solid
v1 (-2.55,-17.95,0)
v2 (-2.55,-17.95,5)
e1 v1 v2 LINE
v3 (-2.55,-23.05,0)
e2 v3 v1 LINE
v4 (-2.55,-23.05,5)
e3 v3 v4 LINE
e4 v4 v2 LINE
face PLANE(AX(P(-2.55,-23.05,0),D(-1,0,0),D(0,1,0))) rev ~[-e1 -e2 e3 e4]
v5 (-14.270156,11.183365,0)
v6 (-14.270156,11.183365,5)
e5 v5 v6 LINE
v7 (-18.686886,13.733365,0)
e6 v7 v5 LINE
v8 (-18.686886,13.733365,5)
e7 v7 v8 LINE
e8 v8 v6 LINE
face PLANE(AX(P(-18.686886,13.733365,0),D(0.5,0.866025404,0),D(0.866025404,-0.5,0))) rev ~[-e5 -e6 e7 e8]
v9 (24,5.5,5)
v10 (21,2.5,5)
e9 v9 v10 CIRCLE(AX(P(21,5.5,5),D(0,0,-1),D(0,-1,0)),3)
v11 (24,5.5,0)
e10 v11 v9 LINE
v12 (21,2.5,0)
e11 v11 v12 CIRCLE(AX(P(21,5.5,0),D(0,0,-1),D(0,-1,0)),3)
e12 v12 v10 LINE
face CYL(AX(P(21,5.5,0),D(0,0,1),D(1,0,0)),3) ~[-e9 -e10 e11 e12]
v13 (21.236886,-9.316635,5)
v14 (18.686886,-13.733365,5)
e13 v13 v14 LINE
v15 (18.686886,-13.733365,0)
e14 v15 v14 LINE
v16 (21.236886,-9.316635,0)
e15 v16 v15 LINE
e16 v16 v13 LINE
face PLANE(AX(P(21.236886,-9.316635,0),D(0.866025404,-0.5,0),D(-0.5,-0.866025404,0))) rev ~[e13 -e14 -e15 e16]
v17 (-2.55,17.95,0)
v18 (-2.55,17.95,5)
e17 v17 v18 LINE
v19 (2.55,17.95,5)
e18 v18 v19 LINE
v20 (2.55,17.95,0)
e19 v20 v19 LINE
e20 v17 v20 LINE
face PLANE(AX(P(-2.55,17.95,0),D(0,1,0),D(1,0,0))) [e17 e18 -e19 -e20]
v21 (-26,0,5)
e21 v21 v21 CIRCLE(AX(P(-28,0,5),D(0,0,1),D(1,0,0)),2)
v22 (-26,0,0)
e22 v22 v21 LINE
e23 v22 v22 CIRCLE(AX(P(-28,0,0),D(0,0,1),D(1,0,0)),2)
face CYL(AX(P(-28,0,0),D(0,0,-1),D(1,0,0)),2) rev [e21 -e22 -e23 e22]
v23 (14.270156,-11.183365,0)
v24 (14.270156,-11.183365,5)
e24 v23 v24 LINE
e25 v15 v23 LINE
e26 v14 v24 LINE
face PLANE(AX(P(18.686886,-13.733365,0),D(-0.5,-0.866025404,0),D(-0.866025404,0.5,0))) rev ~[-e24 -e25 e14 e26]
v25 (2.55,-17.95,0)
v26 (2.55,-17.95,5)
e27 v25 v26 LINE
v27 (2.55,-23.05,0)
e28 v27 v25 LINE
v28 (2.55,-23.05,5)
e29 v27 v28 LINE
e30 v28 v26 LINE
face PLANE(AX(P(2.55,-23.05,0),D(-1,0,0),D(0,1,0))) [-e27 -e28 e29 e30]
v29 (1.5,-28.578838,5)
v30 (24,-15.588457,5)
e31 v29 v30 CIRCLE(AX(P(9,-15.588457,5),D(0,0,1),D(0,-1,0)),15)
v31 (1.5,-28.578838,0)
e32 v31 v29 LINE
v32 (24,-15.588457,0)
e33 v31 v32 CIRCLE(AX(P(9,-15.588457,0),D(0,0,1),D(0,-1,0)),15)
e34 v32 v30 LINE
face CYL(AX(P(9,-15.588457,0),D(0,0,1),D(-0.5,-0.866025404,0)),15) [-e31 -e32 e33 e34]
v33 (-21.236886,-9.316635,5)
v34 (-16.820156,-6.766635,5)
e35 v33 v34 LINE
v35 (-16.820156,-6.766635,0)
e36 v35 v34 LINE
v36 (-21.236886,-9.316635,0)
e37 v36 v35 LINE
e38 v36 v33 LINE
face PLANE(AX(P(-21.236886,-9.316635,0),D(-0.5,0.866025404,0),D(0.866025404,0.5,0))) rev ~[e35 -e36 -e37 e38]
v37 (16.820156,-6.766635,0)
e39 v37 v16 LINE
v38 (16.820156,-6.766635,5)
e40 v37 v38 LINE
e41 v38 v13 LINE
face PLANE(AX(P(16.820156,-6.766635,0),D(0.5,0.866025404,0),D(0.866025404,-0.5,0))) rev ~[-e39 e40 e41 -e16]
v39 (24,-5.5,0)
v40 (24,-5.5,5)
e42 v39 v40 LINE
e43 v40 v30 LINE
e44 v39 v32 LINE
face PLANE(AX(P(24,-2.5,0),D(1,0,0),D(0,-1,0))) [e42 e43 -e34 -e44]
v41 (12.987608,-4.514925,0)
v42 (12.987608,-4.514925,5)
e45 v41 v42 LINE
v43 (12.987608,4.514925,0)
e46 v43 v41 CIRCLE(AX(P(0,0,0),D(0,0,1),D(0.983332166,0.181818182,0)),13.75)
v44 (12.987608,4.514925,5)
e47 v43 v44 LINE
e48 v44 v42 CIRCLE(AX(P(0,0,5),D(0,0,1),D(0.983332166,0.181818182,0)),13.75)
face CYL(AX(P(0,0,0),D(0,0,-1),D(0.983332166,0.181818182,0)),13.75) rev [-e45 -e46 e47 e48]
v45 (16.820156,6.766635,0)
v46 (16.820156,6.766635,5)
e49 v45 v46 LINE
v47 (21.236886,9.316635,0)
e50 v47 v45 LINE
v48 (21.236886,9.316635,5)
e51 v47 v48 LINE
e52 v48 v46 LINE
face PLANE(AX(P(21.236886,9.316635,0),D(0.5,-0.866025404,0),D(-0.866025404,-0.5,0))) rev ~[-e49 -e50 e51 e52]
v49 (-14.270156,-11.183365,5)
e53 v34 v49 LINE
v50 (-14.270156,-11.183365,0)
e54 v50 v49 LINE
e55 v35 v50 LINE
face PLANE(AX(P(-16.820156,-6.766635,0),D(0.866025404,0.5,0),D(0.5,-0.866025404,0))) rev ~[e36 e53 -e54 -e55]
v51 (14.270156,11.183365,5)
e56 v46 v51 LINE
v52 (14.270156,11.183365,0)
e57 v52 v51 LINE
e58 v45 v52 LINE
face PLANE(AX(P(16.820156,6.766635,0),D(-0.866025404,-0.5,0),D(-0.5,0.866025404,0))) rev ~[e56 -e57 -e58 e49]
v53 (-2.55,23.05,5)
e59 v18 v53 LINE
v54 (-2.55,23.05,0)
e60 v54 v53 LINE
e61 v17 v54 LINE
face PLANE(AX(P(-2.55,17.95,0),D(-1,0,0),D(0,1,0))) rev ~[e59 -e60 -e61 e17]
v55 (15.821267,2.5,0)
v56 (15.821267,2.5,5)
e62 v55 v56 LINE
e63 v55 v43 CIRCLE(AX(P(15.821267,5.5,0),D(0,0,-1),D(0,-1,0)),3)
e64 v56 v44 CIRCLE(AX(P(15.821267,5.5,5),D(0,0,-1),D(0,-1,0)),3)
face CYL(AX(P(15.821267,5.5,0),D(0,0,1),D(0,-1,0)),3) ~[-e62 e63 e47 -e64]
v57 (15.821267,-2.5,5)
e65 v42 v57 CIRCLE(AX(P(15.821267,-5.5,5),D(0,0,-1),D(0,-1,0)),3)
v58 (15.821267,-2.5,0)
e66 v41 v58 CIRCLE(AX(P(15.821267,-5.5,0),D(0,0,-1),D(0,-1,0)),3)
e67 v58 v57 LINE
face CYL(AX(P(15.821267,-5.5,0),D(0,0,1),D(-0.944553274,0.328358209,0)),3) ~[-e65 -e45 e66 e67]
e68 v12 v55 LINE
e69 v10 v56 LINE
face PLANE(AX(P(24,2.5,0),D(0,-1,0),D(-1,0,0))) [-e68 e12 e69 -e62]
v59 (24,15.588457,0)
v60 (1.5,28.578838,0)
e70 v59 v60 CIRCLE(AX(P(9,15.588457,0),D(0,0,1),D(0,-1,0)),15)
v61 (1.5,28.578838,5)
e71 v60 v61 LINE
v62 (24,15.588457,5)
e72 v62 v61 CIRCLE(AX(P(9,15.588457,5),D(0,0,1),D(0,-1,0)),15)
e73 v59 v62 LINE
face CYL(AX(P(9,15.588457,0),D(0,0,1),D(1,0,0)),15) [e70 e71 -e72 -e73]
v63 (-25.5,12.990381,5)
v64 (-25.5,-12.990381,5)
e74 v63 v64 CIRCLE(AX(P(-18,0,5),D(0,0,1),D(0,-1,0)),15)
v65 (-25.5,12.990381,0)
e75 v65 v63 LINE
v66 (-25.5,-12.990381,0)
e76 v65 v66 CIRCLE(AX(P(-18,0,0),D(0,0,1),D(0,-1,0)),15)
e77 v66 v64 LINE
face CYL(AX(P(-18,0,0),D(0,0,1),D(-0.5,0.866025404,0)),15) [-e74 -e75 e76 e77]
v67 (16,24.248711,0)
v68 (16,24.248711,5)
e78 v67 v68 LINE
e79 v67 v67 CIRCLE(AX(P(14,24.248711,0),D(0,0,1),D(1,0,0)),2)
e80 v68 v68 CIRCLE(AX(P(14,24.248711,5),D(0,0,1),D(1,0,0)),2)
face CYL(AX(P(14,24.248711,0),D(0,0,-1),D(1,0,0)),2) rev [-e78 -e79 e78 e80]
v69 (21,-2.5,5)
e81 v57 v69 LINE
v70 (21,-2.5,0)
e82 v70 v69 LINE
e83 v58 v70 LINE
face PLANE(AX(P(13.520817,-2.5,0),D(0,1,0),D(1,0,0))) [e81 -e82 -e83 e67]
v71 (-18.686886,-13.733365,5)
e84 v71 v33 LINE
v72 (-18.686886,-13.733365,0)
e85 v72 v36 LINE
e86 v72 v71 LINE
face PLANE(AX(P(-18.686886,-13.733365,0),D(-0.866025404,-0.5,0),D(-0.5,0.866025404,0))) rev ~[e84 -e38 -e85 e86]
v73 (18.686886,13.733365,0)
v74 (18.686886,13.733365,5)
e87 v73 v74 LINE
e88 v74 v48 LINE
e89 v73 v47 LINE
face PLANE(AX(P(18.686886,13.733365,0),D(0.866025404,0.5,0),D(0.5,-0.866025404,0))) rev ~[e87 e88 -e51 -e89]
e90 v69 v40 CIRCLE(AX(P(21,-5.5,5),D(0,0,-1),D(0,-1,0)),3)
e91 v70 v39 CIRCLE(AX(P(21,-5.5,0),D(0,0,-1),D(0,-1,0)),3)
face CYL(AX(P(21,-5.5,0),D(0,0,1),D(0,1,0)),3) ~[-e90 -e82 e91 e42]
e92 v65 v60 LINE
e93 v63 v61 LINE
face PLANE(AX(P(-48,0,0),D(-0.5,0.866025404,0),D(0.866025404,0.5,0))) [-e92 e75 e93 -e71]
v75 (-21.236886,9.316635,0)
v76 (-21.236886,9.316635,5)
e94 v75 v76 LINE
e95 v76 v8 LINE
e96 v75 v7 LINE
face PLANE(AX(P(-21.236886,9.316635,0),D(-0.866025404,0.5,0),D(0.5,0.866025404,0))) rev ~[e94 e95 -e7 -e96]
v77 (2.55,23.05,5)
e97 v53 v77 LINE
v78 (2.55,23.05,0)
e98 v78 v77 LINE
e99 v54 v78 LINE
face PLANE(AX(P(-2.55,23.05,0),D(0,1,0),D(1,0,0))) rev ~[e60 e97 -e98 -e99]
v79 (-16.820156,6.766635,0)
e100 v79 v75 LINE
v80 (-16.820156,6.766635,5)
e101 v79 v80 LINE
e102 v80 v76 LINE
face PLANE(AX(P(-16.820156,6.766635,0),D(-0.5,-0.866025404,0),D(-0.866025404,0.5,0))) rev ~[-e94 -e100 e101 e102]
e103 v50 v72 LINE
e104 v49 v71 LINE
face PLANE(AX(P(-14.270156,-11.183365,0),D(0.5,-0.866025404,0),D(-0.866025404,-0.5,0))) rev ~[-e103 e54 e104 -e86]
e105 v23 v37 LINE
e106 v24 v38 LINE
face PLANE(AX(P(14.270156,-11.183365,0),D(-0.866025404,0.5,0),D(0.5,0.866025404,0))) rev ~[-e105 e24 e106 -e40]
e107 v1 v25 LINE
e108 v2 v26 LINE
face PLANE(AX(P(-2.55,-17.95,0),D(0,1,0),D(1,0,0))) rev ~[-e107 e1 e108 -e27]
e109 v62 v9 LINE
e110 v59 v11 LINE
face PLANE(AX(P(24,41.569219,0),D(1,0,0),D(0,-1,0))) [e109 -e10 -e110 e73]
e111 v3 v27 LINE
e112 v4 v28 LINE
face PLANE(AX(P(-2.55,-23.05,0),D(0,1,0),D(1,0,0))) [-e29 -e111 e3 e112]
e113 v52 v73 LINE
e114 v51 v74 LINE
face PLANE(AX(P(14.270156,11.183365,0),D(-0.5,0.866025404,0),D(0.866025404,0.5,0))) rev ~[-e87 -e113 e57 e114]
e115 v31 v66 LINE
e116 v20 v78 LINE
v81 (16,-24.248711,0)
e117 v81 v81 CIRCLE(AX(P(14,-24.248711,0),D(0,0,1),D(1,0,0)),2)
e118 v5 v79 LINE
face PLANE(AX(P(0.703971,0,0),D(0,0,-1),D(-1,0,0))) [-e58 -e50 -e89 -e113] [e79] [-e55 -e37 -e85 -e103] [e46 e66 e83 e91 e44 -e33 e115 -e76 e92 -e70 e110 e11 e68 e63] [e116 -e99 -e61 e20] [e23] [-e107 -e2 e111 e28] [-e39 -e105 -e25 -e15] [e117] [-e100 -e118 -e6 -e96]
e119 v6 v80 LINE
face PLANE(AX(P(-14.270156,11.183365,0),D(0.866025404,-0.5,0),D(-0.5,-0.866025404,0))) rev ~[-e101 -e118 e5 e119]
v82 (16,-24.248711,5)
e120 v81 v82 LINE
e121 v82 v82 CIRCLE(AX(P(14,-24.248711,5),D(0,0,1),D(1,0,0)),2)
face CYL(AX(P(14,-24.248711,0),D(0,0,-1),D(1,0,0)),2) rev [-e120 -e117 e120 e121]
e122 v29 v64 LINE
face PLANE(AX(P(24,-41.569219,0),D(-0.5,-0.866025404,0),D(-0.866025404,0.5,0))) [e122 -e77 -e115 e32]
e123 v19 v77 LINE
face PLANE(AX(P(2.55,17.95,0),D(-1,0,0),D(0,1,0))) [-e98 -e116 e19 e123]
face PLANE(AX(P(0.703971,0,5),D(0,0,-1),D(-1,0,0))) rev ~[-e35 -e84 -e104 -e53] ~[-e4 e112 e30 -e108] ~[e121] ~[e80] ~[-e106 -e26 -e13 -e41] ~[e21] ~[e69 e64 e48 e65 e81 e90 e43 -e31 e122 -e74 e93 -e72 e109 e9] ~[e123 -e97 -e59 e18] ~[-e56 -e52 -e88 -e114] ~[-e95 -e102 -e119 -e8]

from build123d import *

# Parameters (mm, degrees)
SKETCH1_R           = 2
SKETCH1_W           = 5.1
SKETCH1_H           = 5.1
BOSS_EXTRUDE1_DEPTH = 5
CONG_1_R            = 15
CONG_2_R            = 3


with BuildPart() as part:
    # Sketch1 → Boss-Extrude1 (new body)
    with BuildSketch(Plane.XY):
        with BuildLine():
            Line((24, 2.5), (13.520817283, 2.5))
            ThreePointArc((13.520817283, 2.5), (-13.75, 0), (13.520817283, -2.5))
            Line((13.520817283, -2.5), (24, -2.5))
            Line((24, -2.5), (24, -41.569219382))
            Line((24, -41.569219382), (-48, 0))
            Line((-48, 0), (24, 41.569219382))
            Line((24, 41.569219382), (24, 2.5))
        make_face()
        with Locations((14, 24.248711306)):
            Circle(SKETCH1_R, mode=Mode.SUBTRACT)
        with Locations((14, -24.248711306)):
            Circle(SKETCH1_R, mode=Mode.SUBTRACT)
        with Locations((-28, 0)):
            Circle(SKETCH1_R, mode=Mode.SUBTRACT)
        with Locations((0, 20.5)):
            Rectangle(SKETCH1_W, SKETCH1_H, mode=Mode.SUBTRACT)
        Polygon((21.236885557, 9.31663522), (16.820155998, 6.76663522), (14.270155998, 11.18336478), (18.686885557, 13.73336478), align=None, mode=Mode.SUBTRACT)
        Polygon((18.686885557, -13.73336478), (14.270155998, -11.18336478), (16.820155998, -6.76663522), (21.236885557, -9.31663522), align=None, mode=Mode.SUBTRACT)
        with Locations((0, -20.5)):
            Rectangle(SKETCH1_W, SKETCH1_H, mode=Mode.SUBTRACT)
        Polygon((-21.236885557, -9.31663522), (-16.820155998, -6.76663522), (-14.270155998, -11.18336478), (-18.686885557, -13.73336478), align=None, mode=Mode.SUBTRACT)
        Polygon((-18.686885557, 13.73336478), (-14.270155998, 11.18336478), (-16.820155998, 6.76663522), (-21.236885557, 9.31663522), align=None, mode=Mode.SUBTRACT)
    extrude(amount=BOSS_EXTRUDE1_DEPTH)

    # Congé1
    cong_1_edges = [part.edges().sort_by_distance(p)[0] for p in [
        (24, -41.569219382, 2.5),
        (-48, 0, 2.5),
        (24, 41.569219382, 2.5),
    ]]
    fillet(cong_1_edges, radius=CONG_1_R)

    # Congé2
    cong_2_edges = [part.edges().sort_by_distance(p)[0] for p in [
        (24, 2.5, 2.5),
        (13.520817283, 2.5, 2.5),
        (13.520817283, -2.5, 2.5),
        (24, -2.5, 2.5),
    ]]
    fillet(cong_2_edges, radius=CONG_2_R)


solid = part.part
